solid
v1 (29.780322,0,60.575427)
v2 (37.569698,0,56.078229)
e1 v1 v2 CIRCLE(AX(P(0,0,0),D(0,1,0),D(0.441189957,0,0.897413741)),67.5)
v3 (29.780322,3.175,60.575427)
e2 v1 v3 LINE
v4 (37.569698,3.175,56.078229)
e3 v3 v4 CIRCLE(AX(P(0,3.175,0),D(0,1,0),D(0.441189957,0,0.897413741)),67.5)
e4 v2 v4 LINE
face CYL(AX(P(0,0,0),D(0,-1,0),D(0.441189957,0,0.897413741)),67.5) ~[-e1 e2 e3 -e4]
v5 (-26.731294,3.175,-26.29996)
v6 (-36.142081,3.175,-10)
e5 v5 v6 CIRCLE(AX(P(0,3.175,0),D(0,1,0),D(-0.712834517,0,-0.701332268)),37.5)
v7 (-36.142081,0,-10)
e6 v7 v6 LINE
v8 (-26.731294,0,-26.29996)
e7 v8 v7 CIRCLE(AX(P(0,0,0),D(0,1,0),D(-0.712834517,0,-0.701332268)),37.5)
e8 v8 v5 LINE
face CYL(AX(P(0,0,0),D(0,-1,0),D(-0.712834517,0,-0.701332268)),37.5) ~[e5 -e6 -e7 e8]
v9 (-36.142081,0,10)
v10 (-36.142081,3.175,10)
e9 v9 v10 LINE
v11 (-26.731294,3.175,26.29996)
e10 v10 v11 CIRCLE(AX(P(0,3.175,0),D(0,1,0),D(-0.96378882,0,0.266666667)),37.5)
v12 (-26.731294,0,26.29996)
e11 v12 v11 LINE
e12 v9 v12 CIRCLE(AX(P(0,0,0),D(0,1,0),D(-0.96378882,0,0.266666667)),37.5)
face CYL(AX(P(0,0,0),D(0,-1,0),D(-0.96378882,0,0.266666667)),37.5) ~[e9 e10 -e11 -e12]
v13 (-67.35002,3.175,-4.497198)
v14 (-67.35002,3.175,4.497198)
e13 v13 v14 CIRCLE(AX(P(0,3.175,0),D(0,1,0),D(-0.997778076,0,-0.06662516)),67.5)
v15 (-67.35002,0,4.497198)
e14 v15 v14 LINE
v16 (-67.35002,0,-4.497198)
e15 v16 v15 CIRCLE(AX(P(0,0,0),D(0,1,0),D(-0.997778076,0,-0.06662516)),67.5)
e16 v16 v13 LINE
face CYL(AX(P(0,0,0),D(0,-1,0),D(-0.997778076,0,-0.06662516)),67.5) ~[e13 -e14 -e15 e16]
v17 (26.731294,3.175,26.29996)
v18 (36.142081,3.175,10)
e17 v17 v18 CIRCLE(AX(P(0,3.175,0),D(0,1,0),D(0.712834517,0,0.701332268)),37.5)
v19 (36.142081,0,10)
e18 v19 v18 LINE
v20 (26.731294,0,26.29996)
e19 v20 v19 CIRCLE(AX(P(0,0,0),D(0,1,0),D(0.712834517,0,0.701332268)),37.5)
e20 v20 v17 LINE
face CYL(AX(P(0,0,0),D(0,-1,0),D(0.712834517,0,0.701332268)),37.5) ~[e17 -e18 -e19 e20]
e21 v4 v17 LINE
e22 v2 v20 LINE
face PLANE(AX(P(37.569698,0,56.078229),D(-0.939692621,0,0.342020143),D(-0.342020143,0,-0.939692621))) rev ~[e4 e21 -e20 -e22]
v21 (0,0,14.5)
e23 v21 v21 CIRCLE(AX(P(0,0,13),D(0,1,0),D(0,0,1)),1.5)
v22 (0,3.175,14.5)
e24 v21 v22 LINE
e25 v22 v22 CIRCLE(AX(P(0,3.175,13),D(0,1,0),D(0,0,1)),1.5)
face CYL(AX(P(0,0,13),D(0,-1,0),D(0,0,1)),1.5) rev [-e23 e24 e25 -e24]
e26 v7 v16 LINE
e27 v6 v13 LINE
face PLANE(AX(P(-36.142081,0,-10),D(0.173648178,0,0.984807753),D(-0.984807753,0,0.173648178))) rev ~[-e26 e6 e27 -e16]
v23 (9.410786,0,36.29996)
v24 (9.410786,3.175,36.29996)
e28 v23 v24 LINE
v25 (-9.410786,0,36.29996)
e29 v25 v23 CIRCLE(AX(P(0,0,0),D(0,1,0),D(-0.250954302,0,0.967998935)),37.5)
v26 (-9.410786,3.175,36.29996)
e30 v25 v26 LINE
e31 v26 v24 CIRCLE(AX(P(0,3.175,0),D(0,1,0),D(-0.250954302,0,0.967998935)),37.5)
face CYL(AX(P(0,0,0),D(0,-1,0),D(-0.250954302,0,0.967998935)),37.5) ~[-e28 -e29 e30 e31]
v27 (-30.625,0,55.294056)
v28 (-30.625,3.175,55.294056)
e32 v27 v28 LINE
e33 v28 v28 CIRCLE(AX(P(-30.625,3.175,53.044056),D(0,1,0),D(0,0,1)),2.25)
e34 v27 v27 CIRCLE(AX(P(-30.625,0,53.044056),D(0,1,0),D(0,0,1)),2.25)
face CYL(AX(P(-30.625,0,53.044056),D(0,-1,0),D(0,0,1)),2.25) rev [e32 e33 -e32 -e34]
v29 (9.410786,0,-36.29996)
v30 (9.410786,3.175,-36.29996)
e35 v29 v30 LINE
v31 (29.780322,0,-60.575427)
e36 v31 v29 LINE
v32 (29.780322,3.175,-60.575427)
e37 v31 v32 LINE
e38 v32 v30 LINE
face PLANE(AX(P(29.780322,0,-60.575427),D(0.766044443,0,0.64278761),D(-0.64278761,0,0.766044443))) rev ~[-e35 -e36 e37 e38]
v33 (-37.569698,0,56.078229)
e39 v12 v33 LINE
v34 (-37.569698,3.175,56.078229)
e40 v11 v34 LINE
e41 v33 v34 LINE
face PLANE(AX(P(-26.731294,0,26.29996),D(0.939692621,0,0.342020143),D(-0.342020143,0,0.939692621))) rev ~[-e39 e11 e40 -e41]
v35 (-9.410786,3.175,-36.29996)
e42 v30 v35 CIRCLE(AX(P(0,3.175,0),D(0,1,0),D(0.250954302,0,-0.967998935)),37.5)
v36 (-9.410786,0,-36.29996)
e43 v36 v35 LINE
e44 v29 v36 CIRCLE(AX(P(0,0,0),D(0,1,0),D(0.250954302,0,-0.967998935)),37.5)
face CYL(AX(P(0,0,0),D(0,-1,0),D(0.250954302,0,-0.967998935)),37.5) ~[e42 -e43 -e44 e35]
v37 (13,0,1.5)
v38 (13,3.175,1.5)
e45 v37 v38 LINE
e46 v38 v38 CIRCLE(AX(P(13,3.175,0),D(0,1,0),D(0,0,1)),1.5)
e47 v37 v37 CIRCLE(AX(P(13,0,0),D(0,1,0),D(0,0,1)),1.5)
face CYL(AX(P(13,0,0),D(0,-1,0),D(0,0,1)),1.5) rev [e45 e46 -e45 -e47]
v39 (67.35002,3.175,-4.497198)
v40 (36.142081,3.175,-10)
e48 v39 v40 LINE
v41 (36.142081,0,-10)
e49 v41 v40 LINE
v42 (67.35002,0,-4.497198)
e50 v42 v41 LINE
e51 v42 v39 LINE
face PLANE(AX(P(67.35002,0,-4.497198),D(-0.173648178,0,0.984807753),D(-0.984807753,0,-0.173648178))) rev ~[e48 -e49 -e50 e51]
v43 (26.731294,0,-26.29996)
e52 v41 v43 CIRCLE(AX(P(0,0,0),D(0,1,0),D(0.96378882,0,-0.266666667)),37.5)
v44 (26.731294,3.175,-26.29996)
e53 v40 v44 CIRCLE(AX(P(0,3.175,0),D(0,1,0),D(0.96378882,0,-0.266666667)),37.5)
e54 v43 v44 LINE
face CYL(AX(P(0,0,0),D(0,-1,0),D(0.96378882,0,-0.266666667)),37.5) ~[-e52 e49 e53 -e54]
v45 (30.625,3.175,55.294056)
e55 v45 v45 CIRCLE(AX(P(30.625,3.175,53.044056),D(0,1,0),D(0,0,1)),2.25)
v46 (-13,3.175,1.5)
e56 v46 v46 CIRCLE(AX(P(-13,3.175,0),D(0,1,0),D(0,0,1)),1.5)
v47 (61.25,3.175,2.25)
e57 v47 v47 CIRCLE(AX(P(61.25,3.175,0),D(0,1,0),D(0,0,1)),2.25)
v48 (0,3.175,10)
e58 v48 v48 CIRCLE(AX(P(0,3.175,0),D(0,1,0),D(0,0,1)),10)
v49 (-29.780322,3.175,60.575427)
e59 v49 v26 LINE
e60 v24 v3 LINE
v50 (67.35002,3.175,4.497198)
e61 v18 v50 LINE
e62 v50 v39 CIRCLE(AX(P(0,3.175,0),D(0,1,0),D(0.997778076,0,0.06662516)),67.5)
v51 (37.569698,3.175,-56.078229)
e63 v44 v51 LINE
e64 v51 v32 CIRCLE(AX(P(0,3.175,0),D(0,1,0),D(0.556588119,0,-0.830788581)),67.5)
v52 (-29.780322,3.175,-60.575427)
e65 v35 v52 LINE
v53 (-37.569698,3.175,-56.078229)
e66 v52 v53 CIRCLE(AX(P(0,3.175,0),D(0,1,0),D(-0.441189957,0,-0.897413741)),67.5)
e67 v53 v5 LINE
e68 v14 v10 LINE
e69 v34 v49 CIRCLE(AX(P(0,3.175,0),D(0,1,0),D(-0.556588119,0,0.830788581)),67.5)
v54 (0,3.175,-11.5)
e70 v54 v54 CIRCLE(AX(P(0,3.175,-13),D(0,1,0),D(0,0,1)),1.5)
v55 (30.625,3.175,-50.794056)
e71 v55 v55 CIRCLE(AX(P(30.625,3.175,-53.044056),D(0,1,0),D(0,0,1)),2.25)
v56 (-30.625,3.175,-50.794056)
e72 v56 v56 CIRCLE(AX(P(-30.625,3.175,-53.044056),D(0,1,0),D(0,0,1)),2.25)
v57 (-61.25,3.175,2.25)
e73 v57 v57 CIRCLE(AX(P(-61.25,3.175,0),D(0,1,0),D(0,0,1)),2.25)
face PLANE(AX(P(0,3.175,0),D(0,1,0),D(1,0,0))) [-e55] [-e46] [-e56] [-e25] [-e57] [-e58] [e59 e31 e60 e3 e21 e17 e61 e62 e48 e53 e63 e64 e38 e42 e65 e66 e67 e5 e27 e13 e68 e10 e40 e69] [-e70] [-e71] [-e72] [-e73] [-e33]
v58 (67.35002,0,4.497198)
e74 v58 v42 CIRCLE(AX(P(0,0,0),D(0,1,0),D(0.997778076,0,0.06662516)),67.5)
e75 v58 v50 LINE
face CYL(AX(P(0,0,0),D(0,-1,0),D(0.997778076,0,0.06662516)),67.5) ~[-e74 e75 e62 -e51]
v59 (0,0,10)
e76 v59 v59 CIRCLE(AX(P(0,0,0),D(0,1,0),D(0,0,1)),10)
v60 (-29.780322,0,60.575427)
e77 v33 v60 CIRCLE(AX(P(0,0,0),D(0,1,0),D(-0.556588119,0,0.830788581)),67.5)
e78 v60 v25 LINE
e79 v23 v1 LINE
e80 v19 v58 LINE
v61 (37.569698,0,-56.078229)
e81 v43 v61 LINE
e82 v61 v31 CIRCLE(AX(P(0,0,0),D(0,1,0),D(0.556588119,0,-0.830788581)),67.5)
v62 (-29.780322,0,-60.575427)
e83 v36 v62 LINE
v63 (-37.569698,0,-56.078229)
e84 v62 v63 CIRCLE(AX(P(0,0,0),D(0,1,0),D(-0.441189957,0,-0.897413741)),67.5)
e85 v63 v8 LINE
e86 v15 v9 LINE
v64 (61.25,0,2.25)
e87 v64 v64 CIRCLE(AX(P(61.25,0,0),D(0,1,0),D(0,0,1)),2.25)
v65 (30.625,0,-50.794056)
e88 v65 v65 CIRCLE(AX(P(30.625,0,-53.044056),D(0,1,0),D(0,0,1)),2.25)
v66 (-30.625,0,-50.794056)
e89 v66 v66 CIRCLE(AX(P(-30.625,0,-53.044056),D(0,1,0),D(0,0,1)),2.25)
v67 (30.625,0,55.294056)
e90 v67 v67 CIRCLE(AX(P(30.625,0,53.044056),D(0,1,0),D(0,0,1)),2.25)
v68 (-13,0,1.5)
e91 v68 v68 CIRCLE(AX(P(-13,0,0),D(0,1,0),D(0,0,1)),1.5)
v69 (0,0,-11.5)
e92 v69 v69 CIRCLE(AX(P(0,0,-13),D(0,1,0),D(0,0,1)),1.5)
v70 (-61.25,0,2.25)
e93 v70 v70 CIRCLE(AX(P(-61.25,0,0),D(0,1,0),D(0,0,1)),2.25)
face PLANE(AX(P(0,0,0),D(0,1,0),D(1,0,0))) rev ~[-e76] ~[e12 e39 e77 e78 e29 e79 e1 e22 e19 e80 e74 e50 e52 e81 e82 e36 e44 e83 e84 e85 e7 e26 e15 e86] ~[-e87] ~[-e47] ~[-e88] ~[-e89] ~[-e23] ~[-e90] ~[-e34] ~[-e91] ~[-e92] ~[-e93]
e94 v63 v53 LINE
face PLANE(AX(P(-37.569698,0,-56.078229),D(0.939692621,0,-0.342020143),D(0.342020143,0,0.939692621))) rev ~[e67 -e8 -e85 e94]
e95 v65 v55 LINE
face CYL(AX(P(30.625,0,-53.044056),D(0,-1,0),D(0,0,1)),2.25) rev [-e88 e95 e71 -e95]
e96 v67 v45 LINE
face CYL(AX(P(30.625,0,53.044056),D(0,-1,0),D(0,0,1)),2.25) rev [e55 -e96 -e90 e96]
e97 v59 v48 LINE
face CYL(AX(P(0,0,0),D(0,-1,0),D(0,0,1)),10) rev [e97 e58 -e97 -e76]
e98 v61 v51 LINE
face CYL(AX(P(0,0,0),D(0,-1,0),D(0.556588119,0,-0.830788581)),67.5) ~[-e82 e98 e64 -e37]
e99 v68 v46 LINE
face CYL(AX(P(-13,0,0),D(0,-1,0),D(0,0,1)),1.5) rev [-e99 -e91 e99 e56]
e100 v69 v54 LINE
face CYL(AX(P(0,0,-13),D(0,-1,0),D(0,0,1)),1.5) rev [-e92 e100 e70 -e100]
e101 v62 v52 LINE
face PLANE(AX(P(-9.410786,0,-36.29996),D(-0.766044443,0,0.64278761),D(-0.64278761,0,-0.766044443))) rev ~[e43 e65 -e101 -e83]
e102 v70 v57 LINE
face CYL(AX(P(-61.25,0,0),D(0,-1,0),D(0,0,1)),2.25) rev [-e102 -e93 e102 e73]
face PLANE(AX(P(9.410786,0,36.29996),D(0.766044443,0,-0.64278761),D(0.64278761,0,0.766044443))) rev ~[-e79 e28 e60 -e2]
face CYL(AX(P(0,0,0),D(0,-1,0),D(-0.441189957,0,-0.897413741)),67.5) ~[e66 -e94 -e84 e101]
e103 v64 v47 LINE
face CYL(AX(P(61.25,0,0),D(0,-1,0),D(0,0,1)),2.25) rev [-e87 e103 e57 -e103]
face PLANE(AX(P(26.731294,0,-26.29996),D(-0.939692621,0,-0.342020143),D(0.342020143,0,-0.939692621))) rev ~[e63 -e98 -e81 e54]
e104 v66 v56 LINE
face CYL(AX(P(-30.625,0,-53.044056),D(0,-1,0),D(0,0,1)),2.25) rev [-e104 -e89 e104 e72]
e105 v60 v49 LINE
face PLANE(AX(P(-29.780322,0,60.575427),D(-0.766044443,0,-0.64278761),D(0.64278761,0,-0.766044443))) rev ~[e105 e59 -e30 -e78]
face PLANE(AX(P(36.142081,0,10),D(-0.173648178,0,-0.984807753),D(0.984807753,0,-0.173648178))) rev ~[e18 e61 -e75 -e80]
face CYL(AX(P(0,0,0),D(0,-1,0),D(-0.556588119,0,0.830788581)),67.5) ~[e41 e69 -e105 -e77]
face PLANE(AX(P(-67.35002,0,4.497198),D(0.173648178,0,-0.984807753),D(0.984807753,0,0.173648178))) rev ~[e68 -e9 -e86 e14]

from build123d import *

# Parameters (mm, degrees)
SKETCH2_R           = 10
SKETCH2_R_2         = 1.5
SKETCH2_R_3         = 2.25
BOSS_EXTRUDE1_DEPTH = 3.175


with BuildPart() as part:
    # Sketch2 → Boss-Extrude1 (new body)
    with BuildSketch(Plane(origin=(0, 0, 0), x_dir=(1, 0, 0), z_dir=(0, 1, 0))):
        with BuildLine():
            Line((-36.142080737, 10), (-67.350020101, 4.497198278))
            ThreePointArc((-67.350020101, 4.497198278), (-67.5, 0), (-67.350020101, -4.497198278))
            Line((-67.350020101, -4.497198278), (-36.142080737, -10))
            ThreePointArc((-36.142080737, -10), (-32.475952642, -18.75), (-26.731294406, -26.299960064))
            Line((-26.731294406, -26.299960064), (-37.569698005, -56.078229214))
            ThreePointArc((-37.569698005, -56.078229214), (-33.75, -58.456714755), (-29.780322096, -60.575427492))
            Line((-29.780322096, -60.575427492), (-9.410786331, -36.299960064))
            ThreePointArc((-9.410786331, -36.299960064), (0, -37.5), (9.410786331, -36.299960064))
            Line((9.410786331, -36.299960064), (29.780322096, -60.575427492))
            ThreePointArc((29.780322096, -60.575427492), (33.75, -58.456714755), (37.569698005, -56.078229214))
            Line((37.569698005, -56.078229214), (26.731294406, -26.299960064))
            ThreePointArc((26.731294406, -26.299960064), (32.475952642, -18.75), (36.142080737, -10))
            Line((36.142080737, -10), (67.350020101, -4.497198278))
            ThreePointArc((67.350020101, -4.497198278), (67.5, 0), (67.350020101, 4.497198278))
            Line((67.350020101, 4.497198278), (36.142080737, 10))
            ThreePointArc((36.142080737, 10), (32.475952642, 18.75), (26.731294406, 26.299960064))
            Line((26.731294406, 26.299960064), (37.569698005, 56.078229214))
            ThreePointArc((37.569698005, 56.078229214), (33.75, 58.456714755), (29.780322096, 60.575427492))
            Line((29.780322096, 60.575427492), (9.410786331, 36.299960064))
            ThreePointArc((9.410786331, 36.299960064), (0, 37.5), (-9.410786331, 36.299960064))
            Line((-9.410786331, 36.299960064), (-29.780322096, 60.575427492))
            ThreePointArc((-29.780322096, 60.575427492), (-33.75, 58.456714755), (-37.569698005, 56.078229214))
            Line((-37.569698005, 56.078229214), (-26.731294406, 26.299960064))
            ThreePointArc((-26.731294406, 26.299960064), (-32.475952642, 18.75), (-36.142080737, 10))
        make_face()
        with Locations(Location((0, 0, 0), (0, 0, 270))):
            Circle(SKETCH2_R, mode=Mode.SUBTRACT)
        with Locations(Location((0, 13, 0), (0, 0, 270))):
            Circle(SKETCH2_R_2, mode=Mode.SUBTRACT)
        with Locations(Location((13, 0, 0), (0, 0, 270))):
            Circle(SKETCH2_R_2, mode=Mode.SUBTRACT)
        with Locations(Location((0, -13, 0), (0, 0, 270))):
            Circle(SKETCH2_R_2, mode=Mode.SUBTRACT)
        with Locations(Location((-13, 0, 0), (0, 0, 270))):
            Circle(SKETCH2_R_2, mode=Mode.SUBTRACT)
        with Locations(Location((-61.25, 0, 0), (0, 0, 270))):
            Circle(SKETCH2_R_3, mode=Mode.SUBTRACT)
        with Locations(Location((-30.625, 53.044055982, 0), (0, 0, 270))):
            Circle(SKETCH2_R_3, mode=Mode.SUBTRACT)
        with Locations(Location((30.625, 53.044055982, 0), (0, 0, 270))):
            Circle(SKETCH2_R_3, mode=Mode.SUBTRACT)
        with Locations(Location((61.25, 0, 0), (0, 0, 270))):
            Circle(SKETCH2_R_3, mode=Mode.SUBTRACT)
        with Locations(Location((30.625, -53.044055982, 0), (0, 0, 270))):
            Circle(SKETCH2_R_3, mode=Mode.SUBTRACT)
        with Locations(Location((-30.625, -53.044055982, 0), (0, 0, 270))):
            Circle(SKETCH2_R_3, mode=Mode.SUBTRACT)
    extrude(amount=BOSS_EXTRUDE1_DEPTH)


solid = part.part
